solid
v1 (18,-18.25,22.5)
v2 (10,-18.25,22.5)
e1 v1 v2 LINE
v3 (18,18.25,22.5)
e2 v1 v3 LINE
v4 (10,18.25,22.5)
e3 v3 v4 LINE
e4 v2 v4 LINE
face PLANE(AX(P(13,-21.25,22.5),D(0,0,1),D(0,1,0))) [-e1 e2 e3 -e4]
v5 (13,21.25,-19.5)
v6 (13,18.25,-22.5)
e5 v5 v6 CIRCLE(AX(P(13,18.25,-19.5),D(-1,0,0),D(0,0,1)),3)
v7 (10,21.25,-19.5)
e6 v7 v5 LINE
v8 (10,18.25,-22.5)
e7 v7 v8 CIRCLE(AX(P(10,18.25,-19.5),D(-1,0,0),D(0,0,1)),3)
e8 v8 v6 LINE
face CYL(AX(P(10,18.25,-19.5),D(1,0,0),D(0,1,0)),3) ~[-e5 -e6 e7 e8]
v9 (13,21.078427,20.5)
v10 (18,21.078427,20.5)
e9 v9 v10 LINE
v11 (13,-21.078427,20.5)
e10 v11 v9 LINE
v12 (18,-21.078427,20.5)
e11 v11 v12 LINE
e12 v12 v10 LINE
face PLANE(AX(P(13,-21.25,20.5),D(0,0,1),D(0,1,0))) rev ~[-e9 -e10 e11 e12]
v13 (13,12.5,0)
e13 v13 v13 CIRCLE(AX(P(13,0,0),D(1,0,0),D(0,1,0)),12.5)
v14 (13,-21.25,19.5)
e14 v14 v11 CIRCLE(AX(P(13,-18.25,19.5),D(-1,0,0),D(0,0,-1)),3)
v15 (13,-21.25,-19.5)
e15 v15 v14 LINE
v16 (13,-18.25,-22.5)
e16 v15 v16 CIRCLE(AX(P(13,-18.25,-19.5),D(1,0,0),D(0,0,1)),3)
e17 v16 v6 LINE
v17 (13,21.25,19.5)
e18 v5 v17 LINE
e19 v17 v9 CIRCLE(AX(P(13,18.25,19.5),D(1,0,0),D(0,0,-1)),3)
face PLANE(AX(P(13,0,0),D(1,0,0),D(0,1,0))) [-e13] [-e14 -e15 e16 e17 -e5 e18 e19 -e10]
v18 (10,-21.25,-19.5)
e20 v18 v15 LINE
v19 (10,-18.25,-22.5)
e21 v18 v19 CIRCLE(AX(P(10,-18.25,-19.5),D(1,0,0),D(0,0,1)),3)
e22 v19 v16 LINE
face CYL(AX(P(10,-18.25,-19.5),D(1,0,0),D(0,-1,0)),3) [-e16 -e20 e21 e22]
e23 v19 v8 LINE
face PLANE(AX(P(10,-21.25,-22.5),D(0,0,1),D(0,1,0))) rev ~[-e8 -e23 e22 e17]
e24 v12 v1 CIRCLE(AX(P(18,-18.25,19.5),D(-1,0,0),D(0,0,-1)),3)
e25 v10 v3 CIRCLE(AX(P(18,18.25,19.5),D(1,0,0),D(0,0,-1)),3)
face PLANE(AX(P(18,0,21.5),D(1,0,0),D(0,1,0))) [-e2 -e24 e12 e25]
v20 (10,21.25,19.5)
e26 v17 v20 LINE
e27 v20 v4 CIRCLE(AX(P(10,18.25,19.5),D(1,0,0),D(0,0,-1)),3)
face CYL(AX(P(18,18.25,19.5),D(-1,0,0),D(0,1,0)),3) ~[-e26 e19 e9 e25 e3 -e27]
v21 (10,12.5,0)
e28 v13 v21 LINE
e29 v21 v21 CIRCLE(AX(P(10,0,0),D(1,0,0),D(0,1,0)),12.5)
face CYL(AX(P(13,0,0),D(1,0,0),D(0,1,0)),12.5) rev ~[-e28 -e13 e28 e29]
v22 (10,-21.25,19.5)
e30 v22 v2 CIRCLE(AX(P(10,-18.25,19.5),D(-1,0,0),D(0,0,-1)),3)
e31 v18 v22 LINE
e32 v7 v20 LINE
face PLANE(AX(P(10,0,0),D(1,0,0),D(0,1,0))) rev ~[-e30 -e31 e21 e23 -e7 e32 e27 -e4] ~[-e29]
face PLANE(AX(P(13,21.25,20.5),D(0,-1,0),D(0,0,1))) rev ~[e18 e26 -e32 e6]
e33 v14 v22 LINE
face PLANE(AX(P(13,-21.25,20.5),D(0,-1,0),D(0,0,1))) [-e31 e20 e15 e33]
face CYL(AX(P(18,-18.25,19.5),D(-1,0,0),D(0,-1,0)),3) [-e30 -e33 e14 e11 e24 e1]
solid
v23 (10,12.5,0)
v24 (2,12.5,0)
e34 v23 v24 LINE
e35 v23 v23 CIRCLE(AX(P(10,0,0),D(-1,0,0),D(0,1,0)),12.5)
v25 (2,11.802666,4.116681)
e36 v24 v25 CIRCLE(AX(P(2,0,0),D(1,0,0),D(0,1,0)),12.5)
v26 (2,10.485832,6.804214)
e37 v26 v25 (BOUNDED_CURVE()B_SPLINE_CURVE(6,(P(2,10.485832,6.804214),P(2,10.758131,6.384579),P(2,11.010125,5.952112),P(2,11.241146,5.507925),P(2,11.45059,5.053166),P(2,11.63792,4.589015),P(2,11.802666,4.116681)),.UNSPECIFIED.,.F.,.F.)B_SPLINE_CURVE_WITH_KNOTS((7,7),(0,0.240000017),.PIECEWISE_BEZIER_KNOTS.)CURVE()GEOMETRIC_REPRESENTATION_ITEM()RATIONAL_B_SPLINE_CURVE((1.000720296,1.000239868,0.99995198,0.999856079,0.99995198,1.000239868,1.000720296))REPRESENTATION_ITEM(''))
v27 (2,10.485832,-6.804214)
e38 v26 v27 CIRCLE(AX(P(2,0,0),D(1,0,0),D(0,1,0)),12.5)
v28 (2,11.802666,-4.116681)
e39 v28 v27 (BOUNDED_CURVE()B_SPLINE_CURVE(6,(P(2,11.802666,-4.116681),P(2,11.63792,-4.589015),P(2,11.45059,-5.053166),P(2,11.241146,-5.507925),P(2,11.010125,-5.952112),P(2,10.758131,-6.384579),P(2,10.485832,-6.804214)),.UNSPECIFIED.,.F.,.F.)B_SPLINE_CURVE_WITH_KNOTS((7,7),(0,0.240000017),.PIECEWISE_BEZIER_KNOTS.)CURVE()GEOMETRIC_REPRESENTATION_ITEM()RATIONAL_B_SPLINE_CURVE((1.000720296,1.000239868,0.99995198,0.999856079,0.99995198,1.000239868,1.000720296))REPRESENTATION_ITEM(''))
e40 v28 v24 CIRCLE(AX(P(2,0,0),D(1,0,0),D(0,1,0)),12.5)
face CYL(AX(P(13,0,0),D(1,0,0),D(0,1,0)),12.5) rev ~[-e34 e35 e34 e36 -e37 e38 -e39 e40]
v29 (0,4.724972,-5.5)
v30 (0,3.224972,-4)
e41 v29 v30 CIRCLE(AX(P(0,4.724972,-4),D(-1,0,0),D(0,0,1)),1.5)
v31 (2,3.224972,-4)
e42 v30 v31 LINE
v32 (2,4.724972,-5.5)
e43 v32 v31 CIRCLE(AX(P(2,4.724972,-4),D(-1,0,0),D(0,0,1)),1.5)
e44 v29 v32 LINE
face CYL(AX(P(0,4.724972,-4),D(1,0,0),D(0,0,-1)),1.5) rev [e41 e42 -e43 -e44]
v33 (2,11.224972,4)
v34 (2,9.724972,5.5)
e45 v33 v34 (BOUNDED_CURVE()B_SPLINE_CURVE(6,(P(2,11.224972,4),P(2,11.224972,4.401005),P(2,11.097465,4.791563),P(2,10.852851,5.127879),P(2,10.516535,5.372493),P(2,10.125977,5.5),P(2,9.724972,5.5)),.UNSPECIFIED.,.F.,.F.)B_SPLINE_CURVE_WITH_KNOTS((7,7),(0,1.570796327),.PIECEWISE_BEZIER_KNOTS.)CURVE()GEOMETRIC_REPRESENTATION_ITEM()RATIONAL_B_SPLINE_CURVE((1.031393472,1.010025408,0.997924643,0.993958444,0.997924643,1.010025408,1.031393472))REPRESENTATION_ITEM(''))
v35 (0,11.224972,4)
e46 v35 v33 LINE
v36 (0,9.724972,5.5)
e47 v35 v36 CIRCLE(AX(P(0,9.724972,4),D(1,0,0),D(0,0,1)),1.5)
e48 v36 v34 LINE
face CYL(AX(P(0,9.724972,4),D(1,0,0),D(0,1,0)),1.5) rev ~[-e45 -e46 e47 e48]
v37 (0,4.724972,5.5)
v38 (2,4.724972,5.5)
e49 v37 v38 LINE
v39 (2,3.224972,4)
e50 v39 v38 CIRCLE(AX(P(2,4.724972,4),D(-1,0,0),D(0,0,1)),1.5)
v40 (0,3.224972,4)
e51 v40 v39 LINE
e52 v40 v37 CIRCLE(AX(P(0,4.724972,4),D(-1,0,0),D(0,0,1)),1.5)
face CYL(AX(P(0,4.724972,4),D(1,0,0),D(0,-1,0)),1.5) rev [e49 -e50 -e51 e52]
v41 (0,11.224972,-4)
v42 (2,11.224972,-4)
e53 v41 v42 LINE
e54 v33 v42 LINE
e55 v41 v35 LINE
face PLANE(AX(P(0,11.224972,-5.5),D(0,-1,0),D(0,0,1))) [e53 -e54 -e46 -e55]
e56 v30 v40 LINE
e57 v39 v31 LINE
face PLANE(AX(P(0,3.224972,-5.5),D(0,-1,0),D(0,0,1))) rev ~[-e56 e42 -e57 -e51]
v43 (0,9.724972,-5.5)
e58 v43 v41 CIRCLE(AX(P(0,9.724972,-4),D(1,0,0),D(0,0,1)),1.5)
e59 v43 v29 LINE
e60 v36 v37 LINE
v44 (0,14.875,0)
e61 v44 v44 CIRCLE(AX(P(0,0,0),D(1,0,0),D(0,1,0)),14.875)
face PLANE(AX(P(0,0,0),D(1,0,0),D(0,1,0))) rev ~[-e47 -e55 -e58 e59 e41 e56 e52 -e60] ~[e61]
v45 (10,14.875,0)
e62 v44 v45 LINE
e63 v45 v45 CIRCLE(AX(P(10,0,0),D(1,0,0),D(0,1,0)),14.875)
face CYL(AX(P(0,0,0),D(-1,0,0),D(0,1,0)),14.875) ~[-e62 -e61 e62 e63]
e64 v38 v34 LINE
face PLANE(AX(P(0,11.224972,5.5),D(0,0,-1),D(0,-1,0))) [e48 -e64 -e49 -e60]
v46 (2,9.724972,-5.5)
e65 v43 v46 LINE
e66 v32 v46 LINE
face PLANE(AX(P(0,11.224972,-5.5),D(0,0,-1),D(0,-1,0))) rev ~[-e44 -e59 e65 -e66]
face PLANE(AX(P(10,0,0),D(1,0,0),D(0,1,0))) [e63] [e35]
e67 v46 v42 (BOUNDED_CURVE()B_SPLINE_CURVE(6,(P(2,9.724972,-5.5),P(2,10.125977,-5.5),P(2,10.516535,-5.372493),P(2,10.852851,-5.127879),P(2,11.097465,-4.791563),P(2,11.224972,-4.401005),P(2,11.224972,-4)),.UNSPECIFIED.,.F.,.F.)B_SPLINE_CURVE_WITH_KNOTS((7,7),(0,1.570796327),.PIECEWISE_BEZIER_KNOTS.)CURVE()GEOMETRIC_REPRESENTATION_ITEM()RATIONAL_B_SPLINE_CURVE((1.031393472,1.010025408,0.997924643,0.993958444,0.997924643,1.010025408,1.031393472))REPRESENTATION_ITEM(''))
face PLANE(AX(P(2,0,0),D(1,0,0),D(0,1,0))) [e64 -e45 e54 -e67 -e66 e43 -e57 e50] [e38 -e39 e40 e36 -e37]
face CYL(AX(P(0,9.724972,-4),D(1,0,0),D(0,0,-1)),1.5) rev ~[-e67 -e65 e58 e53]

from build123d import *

# Parameters (mm, degrees)
F0_R     = 14.875
F1_DEPTH = 10
F2_W     = 42.5
F2_H     = 45
F2_R     = 14.875
F3_DEPTH = 3
F4_R     = 12.5
F5_DEPTH = 11
F6_W     = 8
F6_H     = 11
F7_DEPTH = 13.001
F8_W     = 42.5
F8_H     = 2
F9_DEPTH = 5
F10_R    = 3
F11_R    = 1.5


with BuildPart() as f1:
    # F0 (on Right) → F1 (new body)
    with BuildSketch(Plane.YZ):
        Circle(F0_R)
    extrude(amount=F1_DEPTH)


with BuildPart() as f3:
    # F2 (on face) → F3 (new body)
    with BuildSketch(Plane.YZ.offset(10)):
        Rectangle(F2_W, F2_H)
        Circle(F2_R, mode=Mode.SUBTRACT)
        Circle(F2_R)
    extrude(amount=F3_DEPTH)


with BuildPart() as f5_tool:
    # F4 (on face) → F5 (new body)
    with BuildSketch(Plane.YZ.offset(13)):
        Circle(F4_R)
    extrude(amount=-F5_DEPTH)


with BuildPart() as f1_1:
    add(f1.part)

    # F5: cut by f5_tool
    add(f5_tool.part, mode=Mode.SUBTRACT)

    # F6 (on face) → F7 (cut, through all)
    with BuildSketch(Plane(origin=(0, 0, 0), x_dir=(0, -1, 0), z_dir=(-1, 0, 0))):
        with Locations((-7.224972, 0)):
            Rectangle(F6_W, F6_H)
    extrude(amount=-F7_DEPTH, mode=Mode.SUBTRACT)

    # F11
    f11_edges = [f1_1.edges().sort_by_distance(p)[0] for p in [
        (1, 11.224972, 5.5),
        (1, 3.224972, 5.5),
        (1, 3.224972, -5.5),
        (1, 11.224972, -5.5),
    ]]
    fillet(f11_edges, radius=F11_R)


with BuildPart() as f3_1:
    add(f3.part)

    # F5: cut by f5_tool
    add(f5_tool.part, mode=Mode.SUBTRACT)

    # F8 (on face) → F9 (join)
    with BuildSketch(Plane.YZ.offset(13)):
        with Locations((0, 21.5)):
            Rectangle(F8_W, F8_H)
    extrude(amount=F9_DEPTH)

    # F10
    f10_edges = [f3_1.edges().sort_by_distance(p)[0] for p in [
        (14, -21.25, 22.5),
        (11.5, -21.25, -22.5),
        (14, 21.25, 22.5),
        (11.5, 21.25, -22.5),
    ]]
    fillet(f10_edges, radius=F10_R)


solid = Compound([f1_1.part, f3_1.part])
